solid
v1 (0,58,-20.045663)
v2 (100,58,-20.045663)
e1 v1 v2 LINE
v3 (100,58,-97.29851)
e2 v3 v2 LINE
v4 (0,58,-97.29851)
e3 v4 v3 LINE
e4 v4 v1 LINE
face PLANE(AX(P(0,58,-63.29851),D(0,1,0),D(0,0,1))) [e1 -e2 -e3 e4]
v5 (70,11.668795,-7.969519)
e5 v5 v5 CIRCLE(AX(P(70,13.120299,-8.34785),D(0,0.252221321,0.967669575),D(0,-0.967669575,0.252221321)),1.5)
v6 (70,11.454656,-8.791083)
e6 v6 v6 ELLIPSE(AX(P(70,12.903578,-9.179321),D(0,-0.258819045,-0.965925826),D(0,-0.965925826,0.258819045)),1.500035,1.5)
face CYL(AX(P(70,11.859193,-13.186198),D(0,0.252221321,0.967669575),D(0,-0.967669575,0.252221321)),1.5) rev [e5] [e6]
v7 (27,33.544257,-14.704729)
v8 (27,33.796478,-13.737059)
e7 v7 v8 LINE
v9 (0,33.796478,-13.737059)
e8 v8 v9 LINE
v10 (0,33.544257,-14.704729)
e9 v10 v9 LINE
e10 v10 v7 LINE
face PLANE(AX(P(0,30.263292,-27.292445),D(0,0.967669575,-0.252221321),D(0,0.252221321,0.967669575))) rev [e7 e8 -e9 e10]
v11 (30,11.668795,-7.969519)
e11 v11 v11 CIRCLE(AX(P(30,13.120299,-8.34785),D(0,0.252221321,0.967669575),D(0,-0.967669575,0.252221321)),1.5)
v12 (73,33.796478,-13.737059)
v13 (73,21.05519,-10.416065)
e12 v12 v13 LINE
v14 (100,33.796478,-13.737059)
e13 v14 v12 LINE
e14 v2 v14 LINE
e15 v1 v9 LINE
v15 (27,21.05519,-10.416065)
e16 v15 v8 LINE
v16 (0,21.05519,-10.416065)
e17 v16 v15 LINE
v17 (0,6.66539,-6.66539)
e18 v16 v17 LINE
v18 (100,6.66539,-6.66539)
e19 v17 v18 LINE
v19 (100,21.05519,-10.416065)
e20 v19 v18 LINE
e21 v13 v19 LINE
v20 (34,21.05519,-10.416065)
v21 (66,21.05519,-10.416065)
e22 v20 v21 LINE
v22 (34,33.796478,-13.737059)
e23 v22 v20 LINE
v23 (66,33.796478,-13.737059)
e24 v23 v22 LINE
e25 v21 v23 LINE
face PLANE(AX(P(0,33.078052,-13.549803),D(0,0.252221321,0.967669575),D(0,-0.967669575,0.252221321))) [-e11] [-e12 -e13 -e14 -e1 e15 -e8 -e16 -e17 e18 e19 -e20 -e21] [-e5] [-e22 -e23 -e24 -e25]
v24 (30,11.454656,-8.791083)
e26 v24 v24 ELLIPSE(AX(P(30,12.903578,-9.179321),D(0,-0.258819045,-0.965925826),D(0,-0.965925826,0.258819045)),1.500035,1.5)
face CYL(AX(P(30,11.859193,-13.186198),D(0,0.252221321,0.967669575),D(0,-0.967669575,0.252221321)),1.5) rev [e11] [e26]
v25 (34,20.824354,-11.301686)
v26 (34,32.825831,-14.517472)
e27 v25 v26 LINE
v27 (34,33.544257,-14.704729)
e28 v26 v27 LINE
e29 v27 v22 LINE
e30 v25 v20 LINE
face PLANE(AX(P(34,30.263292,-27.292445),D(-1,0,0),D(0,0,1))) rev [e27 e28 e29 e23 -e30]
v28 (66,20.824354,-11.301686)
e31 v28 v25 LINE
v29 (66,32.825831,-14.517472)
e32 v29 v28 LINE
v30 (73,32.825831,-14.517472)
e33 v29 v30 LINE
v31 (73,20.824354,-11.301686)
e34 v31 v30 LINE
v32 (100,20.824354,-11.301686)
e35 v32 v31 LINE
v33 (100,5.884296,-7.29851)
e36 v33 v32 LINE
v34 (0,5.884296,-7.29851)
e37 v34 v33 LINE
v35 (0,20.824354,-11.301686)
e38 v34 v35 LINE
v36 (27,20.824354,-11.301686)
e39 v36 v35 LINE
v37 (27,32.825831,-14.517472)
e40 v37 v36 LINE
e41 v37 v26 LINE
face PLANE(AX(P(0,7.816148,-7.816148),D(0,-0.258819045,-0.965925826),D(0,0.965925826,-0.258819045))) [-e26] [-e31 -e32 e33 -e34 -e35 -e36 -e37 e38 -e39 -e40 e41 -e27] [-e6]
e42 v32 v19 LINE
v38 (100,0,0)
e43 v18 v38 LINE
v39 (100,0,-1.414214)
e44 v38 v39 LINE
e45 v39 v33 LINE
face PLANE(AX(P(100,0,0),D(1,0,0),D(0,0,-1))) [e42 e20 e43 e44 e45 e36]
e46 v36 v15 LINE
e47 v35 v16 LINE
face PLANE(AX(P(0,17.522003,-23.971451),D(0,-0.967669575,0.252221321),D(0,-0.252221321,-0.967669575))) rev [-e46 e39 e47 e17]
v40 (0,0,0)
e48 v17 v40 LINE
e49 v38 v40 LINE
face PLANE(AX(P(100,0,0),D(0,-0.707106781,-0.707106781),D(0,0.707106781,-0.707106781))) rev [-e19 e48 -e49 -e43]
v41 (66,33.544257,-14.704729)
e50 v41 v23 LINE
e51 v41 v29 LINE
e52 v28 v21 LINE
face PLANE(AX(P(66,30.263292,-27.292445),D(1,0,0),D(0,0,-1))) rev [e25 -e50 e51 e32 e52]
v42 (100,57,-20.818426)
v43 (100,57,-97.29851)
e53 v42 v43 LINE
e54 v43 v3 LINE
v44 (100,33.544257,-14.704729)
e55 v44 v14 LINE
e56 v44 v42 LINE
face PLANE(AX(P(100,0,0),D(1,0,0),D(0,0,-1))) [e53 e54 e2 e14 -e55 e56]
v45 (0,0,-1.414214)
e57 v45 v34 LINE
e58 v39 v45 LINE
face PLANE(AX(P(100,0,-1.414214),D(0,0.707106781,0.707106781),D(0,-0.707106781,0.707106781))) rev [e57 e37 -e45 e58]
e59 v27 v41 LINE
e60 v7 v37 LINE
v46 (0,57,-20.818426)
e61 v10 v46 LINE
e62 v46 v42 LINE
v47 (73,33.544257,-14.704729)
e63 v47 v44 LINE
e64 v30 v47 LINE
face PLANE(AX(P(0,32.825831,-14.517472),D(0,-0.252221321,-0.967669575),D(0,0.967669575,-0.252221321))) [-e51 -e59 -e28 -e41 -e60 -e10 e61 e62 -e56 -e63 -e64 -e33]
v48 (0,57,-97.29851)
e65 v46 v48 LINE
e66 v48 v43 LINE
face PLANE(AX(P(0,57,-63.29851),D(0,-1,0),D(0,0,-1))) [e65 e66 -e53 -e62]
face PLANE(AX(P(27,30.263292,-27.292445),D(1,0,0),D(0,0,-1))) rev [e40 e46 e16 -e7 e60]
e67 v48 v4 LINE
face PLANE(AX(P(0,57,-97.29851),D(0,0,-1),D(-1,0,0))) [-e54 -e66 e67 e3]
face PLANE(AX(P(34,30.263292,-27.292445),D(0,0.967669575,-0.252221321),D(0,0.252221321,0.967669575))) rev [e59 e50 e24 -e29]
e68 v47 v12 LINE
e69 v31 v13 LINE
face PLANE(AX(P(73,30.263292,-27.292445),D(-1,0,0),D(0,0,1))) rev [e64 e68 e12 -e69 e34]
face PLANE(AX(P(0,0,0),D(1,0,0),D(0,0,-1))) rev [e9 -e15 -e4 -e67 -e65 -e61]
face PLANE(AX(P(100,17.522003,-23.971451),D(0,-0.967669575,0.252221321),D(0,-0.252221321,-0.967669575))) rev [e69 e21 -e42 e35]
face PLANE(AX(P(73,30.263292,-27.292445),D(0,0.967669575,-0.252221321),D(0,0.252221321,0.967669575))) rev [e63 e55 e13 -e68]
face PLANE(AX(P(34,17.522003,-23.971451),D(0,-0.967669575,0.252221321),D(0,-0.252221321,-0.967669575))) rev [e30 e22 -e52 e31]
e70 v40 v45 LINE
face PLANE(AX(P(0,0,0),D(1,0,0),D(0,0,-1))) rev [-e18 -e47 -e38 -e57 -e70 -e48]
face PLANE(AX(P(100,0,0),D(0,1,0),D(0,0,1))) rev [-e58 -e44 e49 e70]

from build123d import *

# Parameters (mm, degrees)
RESSALTO_EXTRUS_O1_DEPTH = 100
RESSALTO_EXTRUS_O2_DEPTH = 100
CORTE_EXTRUS_O1_DEPTH    = 100
RESSALTO_EXTRUS_O3_DEPTH = 100
ESBO_O20_R               = 1.5
CORTE_EXTRUS_O6_DEPTH    = 5
ESBO_O24_W               = 27
ESBO_O24_H               = 13.16698281
ESBO_O24_W_2             = 32
CORTE_EXTRUS_O7_DEPTH    = 115.152987189
CORTE_EXTRUS_O8_DEPTH    = 115.291627571
RESSALTO_EXTRUS_O4_DEPTH = 100


with BuildPart() as part:
    # Esboço1 → Ressalto-extrusão1 (new body)
    with BuildSketch(Plane(origin=(0, 0, 0), x_dir=(0, 0, -1), z_dir=(1, 0, 0))):
        Polygon((0, 0), (9.292893219, 9.292893219), (15.968885233, 32.111148665), (16.934326675, 31.850528592), (10, 8.585786438), (1.414213562, 0), align=None)
    extrude(amount=RESSALTO_EXTRUS_O1_DEPTH)

    # Esboço2 → Ressalto-extrusão2 (add)
    with BuildSketch(Plane(origin=(100, 0, 0), x_dir=(0, 0, -1), z_dir=(1, 0, 0))):
        Polygon((7.816147842, 7.816147842), (14.517472223, 32.825830908), (13.549802648, 33.078052229), (6.665390157, 6.665390157), align=None)
    extrude(amount=-RESSALTO_EXTRUS_O2_DEPTH)

    # Esboço3 → Corte-extrusão1 (cut)
    with BuildSketch(Plane(origin=(100, 0, 0), x_dir=(0, 0, -1), z_dir=(1, 0, 0))):
        Polygon((7.298509752, 5.88429619), (7.816147842, 7.816147842), (9.292893219, 9.292893219), (15.968885233, 32.111148665), (16.934326675, 31.850528592), (10, 8.585786438), align=None)
    extrude(amount=-CORTE_EXTRUS_O1_DEPTH, mode=Mode.SUBTRACT)

    # Esboço4 → Ressalto-extrusão3 (add)
    with BuildSketch(Plane(origin=(100, 0, 0), x_dir=(0, 0, -1), z_dir=(1, 0, 0))):
        Polygon((13.549802648, 33.078052229), (14.517472223, 32.825830908), (19.404372889, 51.574860843), (18.436703315, 51.827082163), align=None)
    extrude(amount=-RESSALTO_EXTRUS_O3_DEPTH)

    # Esboço20 → Corte-extrusão6 (cut)
    with BuildSketch(Plane(origin=(0, -1.202778341, -4.614566301), x_dir=(1, 0, 0), z_dir=(0, 0.25222132052248, 0.9676695745314599))):
        with Locations(Location((30, 14.801620202, 0), (0, 0, 270))):
            Circle(ESBO_O20_R)
        with Locations(Location((70, 14.801620202, 0), (0, 0, 270))):
            Circle(ESBO_O20_R)
    extrude(amount=-CORTE_EXTRUS_O6_DEPTH, mode=Mode.SUBTRACT)

    # Esboço24 → Corte-extrusão7 (cut, through all)
    with BuildSketch(Plane(origin=(0, -1.202778341, -4.614566301), x_dir=(1, 0, 0), z_dir=(0, 0.25222132052248, 0.9676695745314599))):
        with Locations((13.5, 29.585111607)):
            Rectangle(ESBO_O24_W, ESBO_O24_H)
        with Locations((86.5, 29.585111607)):
            Rectangle(ESBO_O24_W, ESBO_O24_H)
        with Locations((50, 29.585111607)):
            Rectangle(ESBO_O24_W_2, ESBO_O24_H)
    extrude(amount=-CORTE_EXTRUS_O7_DEPTH, mode=Mode.SUBTRACT)

    # Esboço25 → Corte-extrusão8 (cut, through all)
    with BuildSketch(Plane(origin=(100, 0, 0), x_dir=(0, 0, -1), z_dir=(1, 0, 0))):
        Polygon((17.579835578, 44.574860843), (10.547206245, 44.574860843), (18.436703315, 51.827082163), (19.404372889, 51.574860843), align=None)
    extrude(amount=-CORTE_EXTRUS_O8_DEPTH, mode=Mode.SUBTRACT)

    # Esboço26 → Ressalto-extrusão4 (add)
    with BuildSketch(Plane(origin=(100, 0, 0), x_dir=(0, 0, -1), z_dir=(1, 0, 0))):
        Polygon((16.546424974, 44.574860843), (17.579835578, 44.574860843), (20.818425576, 57), (63.298509752, 57), (97.298509752, 57), (97.298509752, 58), (63.298509752, 58), (20.045663159, 58), align=None)
    extrude(amount=-RESSALTO_EXTRUS_O4_DEPTH)


solid = part.part
